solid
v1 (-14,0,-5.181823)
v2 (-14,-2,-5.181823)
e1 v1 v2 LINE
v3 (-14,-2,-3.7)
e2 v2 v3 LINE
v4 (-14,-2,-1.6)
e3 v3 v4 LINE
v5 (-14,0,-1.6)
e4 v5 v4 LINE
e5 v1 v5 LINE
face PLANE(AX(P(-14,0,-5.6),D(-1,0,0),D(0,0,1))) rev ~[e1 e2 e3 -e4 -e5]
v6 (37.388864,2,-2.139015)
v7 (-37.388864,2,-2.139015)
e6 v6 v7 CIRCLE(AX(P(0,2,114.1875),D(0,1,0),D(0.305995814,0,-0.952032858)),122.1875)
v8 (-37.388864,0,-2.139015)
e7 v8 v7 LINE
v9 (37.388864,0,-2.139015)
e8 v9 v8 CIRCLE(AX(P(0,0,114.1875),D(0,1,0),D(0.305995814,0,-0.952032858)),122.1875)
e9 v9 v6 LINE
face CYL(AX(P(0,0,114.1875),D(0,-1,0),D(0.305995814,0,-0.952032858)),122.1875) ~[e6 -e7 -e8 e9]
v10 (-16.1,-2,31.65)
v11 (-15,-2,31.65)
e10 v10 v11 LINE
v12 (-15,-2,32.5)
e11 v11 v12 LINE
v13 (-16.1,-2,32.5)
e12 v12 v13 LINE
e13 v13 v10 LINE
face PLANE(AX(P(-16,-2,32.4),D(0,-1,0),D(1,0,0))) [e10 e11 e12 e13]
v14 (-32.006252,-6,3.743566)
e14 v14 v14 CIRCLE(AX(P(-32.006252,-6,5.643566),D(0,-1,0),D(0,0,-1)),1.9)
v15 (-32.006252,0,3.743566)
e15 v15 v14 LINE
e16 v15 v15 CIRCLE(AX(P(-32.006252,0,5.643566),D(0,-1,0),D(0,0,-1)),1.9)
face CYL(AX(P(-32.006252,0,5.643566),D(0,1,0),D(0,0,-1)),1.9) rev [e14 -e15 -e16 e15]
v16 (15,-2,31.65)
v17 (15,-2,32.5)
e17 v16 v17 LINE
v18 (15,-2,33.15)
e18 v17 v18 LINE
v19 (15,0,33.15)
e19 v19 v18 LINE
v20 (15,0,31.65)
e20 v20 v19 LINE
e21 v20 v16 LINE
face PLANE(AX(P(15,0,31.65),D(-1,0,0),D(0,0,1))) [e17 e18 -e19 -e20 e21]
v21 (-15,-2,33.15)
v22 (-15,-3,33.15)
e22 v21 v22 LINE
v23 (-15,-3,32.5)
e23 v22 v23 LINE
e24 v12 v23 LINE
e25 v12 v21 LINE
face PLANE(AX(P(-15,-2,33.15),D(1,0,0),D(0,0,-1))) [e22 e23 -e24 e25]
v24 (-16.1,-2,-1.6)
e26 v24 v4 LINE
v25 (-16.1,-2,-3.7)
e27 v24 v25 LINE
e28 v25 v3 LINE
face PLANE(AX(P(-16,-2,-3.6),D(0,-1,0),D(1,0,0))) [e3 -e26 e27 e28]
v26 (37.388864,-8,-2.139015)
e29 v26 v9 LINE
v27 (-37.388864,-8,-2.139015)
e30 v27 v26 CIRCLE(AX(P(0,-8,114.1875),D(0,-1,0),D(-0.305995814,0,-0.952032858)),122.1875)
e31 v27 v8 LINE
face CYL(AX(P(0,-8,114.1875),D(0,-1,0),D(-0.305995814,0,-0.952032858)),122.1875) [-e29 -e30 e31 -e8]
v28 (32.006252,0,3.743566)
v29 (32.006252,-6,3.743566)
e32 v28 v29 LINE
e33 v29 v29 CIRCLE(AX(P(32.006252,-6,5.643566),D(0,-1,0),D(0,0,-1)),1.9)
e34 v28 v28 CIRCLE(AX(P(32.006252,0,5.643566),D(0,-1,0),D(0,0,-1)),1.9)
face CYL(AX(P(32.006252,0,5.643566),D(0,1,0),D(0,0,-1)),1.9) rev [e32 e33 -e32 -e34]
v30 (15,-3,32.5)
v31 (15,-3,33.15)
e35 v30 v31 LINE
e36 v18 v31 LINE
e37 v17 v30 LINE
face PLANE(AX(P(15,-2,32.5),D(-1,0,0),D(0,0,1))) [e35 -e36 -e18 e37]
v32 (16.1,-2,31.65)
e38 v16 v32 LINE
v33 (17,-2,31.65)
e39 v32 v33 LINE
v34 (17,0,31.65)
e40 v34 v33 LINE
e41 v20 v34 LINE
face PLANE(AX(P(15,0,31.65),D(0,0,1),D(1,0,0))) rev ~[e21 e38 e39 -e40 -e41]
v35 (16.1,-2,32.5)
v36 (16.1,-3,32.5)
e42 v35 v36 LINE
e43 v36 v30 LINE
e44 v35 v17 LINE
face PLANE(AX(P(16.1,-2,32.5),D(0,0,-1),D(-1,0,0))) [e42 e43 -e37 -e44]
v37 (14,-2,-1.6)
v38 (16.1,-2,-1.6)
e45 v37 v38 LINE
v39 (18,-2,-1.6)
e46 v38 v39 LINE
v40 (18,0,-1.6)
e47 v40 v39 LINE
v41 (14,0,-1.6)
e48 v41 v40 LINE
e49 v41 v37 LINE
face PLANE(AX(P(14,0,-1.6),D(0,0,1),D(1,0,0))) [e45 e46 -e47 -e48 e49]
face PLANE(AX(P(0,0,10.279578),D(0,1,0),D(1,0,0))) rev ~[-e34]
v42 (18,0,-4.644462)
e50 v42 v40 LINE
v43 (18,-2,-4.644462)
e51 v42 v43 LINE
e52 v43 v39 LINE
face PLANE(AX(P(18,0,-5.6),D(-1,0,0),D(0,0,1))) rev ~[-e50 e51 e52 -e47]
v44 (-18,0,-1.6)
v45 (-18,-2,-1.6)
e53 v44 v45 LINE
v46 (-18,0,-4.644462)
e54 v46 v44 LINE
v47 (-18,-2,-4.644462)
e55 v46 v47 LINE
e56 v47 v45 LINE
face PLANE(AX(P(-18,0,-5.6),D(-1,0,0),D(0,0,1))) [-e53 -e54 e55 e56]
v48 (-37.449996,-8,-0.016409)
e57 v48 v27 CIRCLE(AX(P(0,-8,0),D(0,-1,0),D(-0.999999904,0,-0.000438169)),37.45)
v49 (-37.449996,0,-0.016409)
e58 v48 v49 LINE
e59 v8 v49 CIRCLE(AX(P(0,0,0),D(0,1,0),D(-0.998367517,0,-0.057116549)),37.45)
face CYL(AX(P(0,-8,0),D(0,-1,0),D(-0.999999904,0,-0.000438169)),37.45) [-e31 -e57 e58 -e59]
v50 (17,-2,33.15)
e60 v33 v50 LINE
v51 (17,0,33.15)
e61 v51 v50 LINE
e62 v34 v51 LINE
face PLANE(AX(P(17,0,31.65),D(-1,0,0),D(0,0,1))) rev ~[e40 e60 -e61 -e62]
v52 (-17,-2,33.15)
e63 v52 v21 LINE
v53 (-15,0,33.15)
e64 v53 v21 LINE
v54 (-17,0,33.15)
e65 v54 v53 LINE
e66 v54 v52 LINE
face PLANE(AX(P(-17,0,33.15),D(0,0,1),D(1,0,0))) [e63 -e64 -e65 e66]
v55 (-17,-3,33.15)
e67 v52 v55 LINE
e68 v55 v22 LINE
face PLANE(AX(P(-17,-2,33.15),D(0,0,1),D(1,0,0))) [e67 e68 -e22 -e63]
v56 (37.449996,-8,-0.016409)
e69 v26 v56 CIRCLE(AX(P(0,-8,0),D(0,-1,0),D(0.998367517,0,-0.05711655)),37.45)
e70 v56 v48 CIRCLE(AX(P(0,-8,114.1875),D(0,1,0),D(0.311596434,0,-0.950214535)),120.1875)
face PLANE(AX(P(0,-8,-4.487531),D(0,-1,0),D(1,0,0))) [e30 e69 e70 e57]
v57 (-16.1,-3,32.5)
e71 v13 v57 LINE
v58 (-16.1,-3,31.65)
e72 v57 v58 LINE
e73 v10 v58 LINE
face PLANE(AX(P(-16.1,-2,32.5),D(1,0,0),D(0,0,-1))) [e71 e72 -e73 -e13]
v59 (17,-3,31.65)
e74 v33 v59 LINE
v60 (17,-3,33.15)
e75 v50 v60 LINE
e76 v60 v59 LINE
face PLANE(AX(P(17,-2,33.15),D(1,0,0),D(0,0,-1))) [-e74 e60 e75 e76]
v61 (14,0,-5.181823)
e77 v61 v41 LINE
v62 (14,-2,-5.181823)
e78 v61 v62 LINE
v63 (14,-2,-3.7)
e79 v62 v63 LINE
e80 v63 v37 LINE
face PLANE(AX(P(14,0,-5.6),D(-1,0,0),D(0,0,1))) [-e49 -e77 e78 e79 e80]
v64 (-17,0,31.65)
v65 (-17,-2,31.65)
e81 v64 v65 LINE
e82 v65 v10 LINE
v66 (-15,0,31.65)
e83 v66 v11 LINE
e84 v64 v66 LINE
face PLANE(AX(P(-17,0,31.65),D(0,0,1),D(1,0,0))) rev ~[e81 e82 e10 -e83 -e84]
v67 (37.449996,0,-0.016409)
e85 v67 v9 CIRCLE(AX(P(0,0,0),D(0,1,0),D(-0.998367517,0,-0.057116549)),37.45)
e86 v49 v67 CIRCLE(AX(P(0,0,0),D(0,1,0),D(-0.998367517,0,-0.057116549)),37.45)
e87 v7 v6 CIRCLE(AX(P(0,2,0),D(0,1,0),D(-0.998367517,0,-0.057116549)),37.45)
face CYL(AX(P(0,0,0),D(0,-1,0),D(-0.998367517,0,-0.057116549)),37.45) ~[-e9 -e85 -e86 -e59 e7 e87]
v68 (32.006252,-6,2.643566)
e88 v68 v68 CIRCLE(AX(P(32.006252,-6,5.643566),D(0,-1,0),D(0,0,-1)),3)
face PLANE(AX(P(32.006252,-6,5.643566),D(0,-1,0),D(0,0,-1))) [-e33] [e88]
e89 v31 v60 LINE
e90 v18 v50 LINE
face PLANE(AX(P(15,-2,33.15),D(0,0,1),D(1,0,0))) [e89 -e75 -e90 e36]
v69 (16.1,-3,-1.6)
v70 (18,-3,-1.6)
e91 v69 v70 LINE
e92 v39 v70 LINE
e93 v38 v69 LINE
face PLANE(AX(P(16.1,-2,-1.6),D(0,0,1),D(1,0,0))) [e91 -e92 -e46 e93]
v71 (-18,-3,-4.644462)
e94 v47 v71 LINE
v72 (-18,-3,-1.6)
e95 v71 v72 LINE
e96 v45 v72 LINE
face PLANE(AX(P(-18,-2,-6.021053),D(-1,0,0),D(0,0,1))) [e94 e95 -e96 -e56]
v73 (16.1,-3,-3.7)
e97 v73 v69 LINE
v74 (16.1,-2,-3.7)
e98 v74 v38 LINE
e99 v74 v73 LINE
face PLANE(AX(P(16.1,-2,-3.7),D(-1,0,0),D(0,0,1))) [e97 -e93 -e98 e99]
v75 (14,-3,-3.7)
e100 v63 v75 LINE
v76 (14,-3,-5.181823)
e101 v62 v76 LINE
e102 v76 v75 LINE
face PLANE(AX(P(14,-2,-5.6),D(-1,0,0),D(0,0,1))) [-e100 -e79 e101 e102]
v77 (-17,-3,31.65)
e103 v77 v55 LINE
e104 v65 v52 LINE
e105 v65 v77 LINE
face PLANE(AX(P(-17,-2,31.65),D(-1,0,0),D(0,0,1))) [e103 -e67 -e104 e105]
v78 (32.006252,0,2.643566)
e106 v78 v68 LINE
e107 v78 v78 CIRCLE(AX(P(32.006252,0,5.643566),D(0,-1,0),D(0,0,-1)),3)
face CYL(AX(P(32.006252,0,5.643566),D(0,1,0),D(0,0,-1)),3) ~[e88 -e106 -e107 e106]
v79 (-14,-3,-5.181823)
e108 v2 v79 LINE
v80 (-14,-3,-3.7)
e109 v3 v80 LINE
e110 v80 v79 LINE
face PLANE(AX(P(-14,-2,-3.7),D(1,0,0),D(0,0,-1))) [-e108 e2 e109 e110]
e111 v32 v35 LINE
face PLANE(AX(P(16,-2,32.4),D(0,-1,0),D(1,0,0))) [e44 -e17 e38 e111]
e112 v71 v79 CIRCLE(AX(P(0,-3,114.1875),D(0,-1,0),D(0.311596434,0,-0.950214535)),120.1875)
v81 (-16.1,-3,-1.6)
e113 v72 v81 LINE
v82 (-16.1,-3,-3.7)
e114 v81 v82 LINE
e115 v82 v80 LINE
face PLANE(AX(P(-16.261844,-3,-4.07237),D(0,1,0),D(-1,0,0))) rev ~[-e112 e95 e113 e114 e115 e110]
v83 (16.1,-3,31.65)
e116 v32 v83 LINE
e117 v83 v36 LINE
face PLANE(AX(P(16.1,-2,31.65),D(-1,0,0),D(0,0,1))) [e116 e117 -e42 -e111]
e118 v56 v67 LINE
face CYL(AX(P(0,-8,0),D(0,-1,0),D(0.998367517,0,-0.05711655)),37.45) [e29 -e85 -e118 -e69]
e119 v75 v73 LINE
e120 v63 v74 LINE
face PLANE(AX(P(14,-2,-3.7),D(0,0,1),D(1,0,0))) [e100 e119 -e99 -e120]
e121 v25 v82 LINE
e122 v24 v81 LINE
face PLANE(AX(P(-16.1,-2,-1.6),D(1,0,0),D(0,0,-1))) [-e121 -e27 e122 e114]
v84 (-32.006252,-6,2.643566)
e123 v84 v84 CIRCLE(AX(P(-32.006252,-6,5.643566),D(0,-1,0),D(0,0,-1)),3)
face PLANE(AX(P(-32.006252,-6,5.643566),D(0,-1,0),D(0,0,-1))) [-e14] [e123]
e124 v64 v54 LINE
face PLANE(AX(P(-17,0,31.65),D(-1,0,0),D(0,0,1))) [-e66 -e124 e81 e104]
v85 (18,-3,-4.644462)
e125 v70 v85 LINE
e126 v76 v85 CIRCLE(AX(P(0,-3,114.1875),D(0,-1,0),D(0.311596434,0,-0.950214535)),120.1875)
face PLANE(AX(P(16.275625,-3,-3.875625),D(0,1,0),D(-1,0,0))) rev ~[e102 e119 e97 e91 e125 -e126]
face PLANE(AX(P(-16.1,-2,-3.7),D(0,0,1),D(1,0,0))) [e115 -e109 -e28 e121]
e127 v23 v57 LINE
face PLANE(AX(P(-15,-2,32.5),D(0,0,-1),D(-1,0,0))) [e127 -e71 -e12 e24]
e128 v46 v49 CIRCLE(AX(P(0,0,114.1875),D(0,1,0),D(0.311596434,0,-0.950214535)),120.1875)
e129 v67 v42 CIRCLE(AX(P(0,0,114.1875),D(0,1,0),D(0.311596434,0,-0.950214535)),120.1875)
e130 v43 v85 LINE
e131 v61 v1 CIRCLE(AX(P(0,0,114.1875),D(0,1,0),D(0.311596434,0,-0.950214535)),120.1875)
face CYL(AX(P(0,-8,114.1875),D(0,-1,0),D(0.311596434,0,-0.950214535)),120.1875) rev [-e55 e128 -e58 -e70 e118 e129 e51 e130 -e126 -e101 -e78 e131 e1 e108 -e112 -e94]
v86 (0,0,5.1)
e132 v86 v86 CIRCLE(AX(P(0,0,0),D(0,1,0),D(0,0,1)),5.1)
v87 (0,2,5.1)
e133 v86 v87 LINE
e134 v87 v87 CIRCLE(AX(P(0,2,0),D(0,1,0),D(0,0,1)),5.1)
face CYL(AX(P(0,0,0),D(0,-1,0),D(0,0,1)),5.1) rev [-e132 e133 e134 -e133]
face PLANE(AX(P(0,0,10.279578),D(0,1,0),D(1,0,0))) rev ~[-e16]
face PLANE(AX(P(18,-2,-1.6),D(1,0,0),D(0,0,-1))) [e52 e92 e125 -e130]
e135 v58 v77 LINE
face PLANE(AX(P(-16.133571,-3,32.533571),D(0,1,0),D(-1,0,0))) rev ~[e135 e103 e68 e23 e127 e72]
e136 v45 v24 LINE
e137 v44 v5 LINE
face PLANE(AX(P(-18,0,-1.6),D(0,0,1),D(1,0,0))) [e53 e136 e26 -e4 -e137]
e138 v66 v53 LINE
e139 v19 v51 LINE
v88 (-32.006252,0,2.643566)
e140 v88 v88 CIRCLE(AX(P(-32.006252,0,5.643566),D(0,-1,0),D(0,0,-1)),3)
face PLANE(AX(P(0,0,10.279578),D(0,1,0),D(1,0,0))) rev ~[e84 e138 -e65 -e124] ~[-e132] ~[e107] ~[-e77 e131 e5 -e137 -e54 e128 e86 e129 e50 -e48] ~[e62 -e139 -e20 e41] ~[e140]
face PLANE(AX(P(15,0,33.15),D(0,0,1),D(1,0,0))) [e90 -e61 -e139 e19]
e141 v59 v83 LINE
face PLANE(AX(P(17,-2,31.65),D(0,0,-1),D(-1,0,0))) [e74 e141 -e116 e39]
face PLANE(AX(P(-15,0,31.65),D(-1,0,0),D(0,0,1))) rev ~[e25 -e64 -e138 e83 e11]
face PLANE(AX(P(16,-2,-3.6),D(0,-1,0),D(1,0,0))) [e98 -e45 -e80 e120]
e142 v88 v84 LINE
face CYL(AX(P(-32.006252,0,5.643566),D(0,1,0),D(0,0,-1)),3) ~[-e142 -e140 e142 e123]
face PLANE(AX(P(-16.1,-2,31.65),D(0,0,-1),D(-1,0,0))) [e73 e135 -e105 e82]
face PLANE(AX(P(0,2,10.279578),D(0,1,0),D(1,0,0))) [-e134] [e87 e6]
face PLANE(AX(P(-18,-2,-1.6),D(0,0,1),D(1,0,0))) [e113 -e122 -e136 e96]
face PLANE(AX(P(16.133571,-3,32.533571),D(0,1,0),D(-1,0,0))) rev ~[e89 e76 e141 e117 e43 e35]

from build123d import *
from build123d.topology import SkipClean

# Parameters (mm, degrees)
SKETCH_1_R      = 5.1
EXTRUDE_1_DEPTH = 2
EXTRUDE_START   = 8
EXTRUDE_2_DEPTH = 8
SKETCH_3_R      = 3
SKETCH_3_R_2    = 1.9
EXTRUDE_3_DEPTH = 6
SKETCH_4_W      = 4
SKETCH_4_H      = 4
SKETCH_4_W_2    = 2
SKETCH_4_H_2    = 1.5
EXTRUDE_4_DEPTH = 2
EXTRUDE_5_DEPTH = 1


with BuildPart() as part:
    # 草图1 → 凸台-拉伸1 (new body)
    with BuildSketch(Plane(origin=(0, 0, 0), x_dir=(1, 0, 0), z_dir=(0, 1, 0))):
        with BuildLine():
            ThreePointArc((-37.388863526, 2.139014778), (0, -37.45), (37.388863526, 2.139014778))
            ThreePointArc((37.388863526, 2.139014778), (0, 8), (-37.388863526, 2.139014778))
        make_face()
        with Locations(Location((0, 0, 0), (0, 0, 270))):
            Circle(SKETCH_1_R, mode=Mode.SUBTRACT)
    extrude(amount=EXTRUDE_1_DEPTH)

    # 草图2 → 凸台-拉伸2 (add)
    with SkipClean():  # the faces are left unmerged after this step: merging them gives an invalid solid
        with BuildSketch(Plane.XZ.offset(EXTRUDE_START)):
            with BuildLine():
                ThreePointArc((37.388863526, -2.139014778), (37.434477455, -1.078145477), (37.449996405, -0.016409414))
                ThreePointArc((37.449996405, -0.016409414), (0, -6), (-37.449996405, -0.016409414))
                ThreePointArc((-37.449996405, -0.016409414), (-37.434477455, -1.078145477), (-37.388863526, -2.139014778))
                ThreePointArc((-37.388863526, -2.139014778), (0, -8), (37.388863526, -2.139014778))
            make_face()
        extrude(amount=-EXTRUDE_2_DEPTH)

    # 草图3 → 凸台-拉伸3 (add)
    # profile 1 of 2: a face of its own
    with SkipClean():  # the faces are left unmerged after this step: merging them gives an invalid solid
        with BuildSketch(Plane.XZ):
            with Locations(Location((-32.006251973, 5.643565774, 0), (0, 0, 270))):
                Circle(SKETCH_3_R)
            with Locations(Location((-32.006251973, 5.643565774, 0), (0, 0, 270))):
                Circle(SKETCH_3_R_2, mode=Mode.SUBTRACT)
        # profile 2 of 2: a face of its own
        with BuildSketch(Plane.XZ):
            with Locations(Location((32.006251973, 5.643565774, 0), (0, 0, 270))):
                Circle(SKETCH_3_R)
            with Locations(Location((32.006251973, 5.643565774, 0), (0, 0, 270))):
                Circle(SKETCH_3_R_2, mode=Mode.SUBTRACT)
        extrude(amount=EXTRUDE_3_DEPTH)

    # 草图4 → 凸台-拉伸4 (add)
    with SkipClean():  # the faces are left unmerged after this step: merging them gives an invalid solid
        with BuildSketch(Plane.XZ):
            with Locations((16, -3.6)):
                Rectangle(SKETCH_4_W, SKETCH_4_H)
            with Locations((-16, -3.6)):
                Rectangle(SKETCH_4_W, SKETCH_4_H)
            with Locations((16, 32.4)):
                Rectangle(SKETCH_4_W_2, SKETCH_4_H_2)
            with Locations((-16, 32.4)):
                Rectangle(SKETCH_4_W_2, SKETCH_4_H_2)
        extrude(amount=EXTRUDE_4_DEPTH)

    # 草图5 → 凸台-拉伸5 (add)
    with SkipClean():  # the faces are left unmerged after this step: merging them gives an invalid solid
        with BuildSketch(Plane.XZ.offset(2)):
            Polygon((-16.1, 32.5), (-16.1, 31.65), (-17, 31.65), (-17, 33.15), (-15, 33.15), (-15, 32.5), align=None)
            Polygon((-16.1, -3.7), (-14, -3.7), (-14, -6.021052632), (-18, -6.021052632), (-18, -1.6), (-16.1, -1.6), align=None)
            Polygon((16.1, -3.7), (16.1, -1.6), (18, -1.6), (18, -5.6), (14, -5.6), (14, -3.7), align=None)
            Polygon((16.1, 32.5), (15, 32.5), (15, 33.15), (17, 33.15), (17, 31.65), (16.1, 31.65), align=None)
        extrude(amount=EXTRUDE_5_DEPTH)


solid = part.part
